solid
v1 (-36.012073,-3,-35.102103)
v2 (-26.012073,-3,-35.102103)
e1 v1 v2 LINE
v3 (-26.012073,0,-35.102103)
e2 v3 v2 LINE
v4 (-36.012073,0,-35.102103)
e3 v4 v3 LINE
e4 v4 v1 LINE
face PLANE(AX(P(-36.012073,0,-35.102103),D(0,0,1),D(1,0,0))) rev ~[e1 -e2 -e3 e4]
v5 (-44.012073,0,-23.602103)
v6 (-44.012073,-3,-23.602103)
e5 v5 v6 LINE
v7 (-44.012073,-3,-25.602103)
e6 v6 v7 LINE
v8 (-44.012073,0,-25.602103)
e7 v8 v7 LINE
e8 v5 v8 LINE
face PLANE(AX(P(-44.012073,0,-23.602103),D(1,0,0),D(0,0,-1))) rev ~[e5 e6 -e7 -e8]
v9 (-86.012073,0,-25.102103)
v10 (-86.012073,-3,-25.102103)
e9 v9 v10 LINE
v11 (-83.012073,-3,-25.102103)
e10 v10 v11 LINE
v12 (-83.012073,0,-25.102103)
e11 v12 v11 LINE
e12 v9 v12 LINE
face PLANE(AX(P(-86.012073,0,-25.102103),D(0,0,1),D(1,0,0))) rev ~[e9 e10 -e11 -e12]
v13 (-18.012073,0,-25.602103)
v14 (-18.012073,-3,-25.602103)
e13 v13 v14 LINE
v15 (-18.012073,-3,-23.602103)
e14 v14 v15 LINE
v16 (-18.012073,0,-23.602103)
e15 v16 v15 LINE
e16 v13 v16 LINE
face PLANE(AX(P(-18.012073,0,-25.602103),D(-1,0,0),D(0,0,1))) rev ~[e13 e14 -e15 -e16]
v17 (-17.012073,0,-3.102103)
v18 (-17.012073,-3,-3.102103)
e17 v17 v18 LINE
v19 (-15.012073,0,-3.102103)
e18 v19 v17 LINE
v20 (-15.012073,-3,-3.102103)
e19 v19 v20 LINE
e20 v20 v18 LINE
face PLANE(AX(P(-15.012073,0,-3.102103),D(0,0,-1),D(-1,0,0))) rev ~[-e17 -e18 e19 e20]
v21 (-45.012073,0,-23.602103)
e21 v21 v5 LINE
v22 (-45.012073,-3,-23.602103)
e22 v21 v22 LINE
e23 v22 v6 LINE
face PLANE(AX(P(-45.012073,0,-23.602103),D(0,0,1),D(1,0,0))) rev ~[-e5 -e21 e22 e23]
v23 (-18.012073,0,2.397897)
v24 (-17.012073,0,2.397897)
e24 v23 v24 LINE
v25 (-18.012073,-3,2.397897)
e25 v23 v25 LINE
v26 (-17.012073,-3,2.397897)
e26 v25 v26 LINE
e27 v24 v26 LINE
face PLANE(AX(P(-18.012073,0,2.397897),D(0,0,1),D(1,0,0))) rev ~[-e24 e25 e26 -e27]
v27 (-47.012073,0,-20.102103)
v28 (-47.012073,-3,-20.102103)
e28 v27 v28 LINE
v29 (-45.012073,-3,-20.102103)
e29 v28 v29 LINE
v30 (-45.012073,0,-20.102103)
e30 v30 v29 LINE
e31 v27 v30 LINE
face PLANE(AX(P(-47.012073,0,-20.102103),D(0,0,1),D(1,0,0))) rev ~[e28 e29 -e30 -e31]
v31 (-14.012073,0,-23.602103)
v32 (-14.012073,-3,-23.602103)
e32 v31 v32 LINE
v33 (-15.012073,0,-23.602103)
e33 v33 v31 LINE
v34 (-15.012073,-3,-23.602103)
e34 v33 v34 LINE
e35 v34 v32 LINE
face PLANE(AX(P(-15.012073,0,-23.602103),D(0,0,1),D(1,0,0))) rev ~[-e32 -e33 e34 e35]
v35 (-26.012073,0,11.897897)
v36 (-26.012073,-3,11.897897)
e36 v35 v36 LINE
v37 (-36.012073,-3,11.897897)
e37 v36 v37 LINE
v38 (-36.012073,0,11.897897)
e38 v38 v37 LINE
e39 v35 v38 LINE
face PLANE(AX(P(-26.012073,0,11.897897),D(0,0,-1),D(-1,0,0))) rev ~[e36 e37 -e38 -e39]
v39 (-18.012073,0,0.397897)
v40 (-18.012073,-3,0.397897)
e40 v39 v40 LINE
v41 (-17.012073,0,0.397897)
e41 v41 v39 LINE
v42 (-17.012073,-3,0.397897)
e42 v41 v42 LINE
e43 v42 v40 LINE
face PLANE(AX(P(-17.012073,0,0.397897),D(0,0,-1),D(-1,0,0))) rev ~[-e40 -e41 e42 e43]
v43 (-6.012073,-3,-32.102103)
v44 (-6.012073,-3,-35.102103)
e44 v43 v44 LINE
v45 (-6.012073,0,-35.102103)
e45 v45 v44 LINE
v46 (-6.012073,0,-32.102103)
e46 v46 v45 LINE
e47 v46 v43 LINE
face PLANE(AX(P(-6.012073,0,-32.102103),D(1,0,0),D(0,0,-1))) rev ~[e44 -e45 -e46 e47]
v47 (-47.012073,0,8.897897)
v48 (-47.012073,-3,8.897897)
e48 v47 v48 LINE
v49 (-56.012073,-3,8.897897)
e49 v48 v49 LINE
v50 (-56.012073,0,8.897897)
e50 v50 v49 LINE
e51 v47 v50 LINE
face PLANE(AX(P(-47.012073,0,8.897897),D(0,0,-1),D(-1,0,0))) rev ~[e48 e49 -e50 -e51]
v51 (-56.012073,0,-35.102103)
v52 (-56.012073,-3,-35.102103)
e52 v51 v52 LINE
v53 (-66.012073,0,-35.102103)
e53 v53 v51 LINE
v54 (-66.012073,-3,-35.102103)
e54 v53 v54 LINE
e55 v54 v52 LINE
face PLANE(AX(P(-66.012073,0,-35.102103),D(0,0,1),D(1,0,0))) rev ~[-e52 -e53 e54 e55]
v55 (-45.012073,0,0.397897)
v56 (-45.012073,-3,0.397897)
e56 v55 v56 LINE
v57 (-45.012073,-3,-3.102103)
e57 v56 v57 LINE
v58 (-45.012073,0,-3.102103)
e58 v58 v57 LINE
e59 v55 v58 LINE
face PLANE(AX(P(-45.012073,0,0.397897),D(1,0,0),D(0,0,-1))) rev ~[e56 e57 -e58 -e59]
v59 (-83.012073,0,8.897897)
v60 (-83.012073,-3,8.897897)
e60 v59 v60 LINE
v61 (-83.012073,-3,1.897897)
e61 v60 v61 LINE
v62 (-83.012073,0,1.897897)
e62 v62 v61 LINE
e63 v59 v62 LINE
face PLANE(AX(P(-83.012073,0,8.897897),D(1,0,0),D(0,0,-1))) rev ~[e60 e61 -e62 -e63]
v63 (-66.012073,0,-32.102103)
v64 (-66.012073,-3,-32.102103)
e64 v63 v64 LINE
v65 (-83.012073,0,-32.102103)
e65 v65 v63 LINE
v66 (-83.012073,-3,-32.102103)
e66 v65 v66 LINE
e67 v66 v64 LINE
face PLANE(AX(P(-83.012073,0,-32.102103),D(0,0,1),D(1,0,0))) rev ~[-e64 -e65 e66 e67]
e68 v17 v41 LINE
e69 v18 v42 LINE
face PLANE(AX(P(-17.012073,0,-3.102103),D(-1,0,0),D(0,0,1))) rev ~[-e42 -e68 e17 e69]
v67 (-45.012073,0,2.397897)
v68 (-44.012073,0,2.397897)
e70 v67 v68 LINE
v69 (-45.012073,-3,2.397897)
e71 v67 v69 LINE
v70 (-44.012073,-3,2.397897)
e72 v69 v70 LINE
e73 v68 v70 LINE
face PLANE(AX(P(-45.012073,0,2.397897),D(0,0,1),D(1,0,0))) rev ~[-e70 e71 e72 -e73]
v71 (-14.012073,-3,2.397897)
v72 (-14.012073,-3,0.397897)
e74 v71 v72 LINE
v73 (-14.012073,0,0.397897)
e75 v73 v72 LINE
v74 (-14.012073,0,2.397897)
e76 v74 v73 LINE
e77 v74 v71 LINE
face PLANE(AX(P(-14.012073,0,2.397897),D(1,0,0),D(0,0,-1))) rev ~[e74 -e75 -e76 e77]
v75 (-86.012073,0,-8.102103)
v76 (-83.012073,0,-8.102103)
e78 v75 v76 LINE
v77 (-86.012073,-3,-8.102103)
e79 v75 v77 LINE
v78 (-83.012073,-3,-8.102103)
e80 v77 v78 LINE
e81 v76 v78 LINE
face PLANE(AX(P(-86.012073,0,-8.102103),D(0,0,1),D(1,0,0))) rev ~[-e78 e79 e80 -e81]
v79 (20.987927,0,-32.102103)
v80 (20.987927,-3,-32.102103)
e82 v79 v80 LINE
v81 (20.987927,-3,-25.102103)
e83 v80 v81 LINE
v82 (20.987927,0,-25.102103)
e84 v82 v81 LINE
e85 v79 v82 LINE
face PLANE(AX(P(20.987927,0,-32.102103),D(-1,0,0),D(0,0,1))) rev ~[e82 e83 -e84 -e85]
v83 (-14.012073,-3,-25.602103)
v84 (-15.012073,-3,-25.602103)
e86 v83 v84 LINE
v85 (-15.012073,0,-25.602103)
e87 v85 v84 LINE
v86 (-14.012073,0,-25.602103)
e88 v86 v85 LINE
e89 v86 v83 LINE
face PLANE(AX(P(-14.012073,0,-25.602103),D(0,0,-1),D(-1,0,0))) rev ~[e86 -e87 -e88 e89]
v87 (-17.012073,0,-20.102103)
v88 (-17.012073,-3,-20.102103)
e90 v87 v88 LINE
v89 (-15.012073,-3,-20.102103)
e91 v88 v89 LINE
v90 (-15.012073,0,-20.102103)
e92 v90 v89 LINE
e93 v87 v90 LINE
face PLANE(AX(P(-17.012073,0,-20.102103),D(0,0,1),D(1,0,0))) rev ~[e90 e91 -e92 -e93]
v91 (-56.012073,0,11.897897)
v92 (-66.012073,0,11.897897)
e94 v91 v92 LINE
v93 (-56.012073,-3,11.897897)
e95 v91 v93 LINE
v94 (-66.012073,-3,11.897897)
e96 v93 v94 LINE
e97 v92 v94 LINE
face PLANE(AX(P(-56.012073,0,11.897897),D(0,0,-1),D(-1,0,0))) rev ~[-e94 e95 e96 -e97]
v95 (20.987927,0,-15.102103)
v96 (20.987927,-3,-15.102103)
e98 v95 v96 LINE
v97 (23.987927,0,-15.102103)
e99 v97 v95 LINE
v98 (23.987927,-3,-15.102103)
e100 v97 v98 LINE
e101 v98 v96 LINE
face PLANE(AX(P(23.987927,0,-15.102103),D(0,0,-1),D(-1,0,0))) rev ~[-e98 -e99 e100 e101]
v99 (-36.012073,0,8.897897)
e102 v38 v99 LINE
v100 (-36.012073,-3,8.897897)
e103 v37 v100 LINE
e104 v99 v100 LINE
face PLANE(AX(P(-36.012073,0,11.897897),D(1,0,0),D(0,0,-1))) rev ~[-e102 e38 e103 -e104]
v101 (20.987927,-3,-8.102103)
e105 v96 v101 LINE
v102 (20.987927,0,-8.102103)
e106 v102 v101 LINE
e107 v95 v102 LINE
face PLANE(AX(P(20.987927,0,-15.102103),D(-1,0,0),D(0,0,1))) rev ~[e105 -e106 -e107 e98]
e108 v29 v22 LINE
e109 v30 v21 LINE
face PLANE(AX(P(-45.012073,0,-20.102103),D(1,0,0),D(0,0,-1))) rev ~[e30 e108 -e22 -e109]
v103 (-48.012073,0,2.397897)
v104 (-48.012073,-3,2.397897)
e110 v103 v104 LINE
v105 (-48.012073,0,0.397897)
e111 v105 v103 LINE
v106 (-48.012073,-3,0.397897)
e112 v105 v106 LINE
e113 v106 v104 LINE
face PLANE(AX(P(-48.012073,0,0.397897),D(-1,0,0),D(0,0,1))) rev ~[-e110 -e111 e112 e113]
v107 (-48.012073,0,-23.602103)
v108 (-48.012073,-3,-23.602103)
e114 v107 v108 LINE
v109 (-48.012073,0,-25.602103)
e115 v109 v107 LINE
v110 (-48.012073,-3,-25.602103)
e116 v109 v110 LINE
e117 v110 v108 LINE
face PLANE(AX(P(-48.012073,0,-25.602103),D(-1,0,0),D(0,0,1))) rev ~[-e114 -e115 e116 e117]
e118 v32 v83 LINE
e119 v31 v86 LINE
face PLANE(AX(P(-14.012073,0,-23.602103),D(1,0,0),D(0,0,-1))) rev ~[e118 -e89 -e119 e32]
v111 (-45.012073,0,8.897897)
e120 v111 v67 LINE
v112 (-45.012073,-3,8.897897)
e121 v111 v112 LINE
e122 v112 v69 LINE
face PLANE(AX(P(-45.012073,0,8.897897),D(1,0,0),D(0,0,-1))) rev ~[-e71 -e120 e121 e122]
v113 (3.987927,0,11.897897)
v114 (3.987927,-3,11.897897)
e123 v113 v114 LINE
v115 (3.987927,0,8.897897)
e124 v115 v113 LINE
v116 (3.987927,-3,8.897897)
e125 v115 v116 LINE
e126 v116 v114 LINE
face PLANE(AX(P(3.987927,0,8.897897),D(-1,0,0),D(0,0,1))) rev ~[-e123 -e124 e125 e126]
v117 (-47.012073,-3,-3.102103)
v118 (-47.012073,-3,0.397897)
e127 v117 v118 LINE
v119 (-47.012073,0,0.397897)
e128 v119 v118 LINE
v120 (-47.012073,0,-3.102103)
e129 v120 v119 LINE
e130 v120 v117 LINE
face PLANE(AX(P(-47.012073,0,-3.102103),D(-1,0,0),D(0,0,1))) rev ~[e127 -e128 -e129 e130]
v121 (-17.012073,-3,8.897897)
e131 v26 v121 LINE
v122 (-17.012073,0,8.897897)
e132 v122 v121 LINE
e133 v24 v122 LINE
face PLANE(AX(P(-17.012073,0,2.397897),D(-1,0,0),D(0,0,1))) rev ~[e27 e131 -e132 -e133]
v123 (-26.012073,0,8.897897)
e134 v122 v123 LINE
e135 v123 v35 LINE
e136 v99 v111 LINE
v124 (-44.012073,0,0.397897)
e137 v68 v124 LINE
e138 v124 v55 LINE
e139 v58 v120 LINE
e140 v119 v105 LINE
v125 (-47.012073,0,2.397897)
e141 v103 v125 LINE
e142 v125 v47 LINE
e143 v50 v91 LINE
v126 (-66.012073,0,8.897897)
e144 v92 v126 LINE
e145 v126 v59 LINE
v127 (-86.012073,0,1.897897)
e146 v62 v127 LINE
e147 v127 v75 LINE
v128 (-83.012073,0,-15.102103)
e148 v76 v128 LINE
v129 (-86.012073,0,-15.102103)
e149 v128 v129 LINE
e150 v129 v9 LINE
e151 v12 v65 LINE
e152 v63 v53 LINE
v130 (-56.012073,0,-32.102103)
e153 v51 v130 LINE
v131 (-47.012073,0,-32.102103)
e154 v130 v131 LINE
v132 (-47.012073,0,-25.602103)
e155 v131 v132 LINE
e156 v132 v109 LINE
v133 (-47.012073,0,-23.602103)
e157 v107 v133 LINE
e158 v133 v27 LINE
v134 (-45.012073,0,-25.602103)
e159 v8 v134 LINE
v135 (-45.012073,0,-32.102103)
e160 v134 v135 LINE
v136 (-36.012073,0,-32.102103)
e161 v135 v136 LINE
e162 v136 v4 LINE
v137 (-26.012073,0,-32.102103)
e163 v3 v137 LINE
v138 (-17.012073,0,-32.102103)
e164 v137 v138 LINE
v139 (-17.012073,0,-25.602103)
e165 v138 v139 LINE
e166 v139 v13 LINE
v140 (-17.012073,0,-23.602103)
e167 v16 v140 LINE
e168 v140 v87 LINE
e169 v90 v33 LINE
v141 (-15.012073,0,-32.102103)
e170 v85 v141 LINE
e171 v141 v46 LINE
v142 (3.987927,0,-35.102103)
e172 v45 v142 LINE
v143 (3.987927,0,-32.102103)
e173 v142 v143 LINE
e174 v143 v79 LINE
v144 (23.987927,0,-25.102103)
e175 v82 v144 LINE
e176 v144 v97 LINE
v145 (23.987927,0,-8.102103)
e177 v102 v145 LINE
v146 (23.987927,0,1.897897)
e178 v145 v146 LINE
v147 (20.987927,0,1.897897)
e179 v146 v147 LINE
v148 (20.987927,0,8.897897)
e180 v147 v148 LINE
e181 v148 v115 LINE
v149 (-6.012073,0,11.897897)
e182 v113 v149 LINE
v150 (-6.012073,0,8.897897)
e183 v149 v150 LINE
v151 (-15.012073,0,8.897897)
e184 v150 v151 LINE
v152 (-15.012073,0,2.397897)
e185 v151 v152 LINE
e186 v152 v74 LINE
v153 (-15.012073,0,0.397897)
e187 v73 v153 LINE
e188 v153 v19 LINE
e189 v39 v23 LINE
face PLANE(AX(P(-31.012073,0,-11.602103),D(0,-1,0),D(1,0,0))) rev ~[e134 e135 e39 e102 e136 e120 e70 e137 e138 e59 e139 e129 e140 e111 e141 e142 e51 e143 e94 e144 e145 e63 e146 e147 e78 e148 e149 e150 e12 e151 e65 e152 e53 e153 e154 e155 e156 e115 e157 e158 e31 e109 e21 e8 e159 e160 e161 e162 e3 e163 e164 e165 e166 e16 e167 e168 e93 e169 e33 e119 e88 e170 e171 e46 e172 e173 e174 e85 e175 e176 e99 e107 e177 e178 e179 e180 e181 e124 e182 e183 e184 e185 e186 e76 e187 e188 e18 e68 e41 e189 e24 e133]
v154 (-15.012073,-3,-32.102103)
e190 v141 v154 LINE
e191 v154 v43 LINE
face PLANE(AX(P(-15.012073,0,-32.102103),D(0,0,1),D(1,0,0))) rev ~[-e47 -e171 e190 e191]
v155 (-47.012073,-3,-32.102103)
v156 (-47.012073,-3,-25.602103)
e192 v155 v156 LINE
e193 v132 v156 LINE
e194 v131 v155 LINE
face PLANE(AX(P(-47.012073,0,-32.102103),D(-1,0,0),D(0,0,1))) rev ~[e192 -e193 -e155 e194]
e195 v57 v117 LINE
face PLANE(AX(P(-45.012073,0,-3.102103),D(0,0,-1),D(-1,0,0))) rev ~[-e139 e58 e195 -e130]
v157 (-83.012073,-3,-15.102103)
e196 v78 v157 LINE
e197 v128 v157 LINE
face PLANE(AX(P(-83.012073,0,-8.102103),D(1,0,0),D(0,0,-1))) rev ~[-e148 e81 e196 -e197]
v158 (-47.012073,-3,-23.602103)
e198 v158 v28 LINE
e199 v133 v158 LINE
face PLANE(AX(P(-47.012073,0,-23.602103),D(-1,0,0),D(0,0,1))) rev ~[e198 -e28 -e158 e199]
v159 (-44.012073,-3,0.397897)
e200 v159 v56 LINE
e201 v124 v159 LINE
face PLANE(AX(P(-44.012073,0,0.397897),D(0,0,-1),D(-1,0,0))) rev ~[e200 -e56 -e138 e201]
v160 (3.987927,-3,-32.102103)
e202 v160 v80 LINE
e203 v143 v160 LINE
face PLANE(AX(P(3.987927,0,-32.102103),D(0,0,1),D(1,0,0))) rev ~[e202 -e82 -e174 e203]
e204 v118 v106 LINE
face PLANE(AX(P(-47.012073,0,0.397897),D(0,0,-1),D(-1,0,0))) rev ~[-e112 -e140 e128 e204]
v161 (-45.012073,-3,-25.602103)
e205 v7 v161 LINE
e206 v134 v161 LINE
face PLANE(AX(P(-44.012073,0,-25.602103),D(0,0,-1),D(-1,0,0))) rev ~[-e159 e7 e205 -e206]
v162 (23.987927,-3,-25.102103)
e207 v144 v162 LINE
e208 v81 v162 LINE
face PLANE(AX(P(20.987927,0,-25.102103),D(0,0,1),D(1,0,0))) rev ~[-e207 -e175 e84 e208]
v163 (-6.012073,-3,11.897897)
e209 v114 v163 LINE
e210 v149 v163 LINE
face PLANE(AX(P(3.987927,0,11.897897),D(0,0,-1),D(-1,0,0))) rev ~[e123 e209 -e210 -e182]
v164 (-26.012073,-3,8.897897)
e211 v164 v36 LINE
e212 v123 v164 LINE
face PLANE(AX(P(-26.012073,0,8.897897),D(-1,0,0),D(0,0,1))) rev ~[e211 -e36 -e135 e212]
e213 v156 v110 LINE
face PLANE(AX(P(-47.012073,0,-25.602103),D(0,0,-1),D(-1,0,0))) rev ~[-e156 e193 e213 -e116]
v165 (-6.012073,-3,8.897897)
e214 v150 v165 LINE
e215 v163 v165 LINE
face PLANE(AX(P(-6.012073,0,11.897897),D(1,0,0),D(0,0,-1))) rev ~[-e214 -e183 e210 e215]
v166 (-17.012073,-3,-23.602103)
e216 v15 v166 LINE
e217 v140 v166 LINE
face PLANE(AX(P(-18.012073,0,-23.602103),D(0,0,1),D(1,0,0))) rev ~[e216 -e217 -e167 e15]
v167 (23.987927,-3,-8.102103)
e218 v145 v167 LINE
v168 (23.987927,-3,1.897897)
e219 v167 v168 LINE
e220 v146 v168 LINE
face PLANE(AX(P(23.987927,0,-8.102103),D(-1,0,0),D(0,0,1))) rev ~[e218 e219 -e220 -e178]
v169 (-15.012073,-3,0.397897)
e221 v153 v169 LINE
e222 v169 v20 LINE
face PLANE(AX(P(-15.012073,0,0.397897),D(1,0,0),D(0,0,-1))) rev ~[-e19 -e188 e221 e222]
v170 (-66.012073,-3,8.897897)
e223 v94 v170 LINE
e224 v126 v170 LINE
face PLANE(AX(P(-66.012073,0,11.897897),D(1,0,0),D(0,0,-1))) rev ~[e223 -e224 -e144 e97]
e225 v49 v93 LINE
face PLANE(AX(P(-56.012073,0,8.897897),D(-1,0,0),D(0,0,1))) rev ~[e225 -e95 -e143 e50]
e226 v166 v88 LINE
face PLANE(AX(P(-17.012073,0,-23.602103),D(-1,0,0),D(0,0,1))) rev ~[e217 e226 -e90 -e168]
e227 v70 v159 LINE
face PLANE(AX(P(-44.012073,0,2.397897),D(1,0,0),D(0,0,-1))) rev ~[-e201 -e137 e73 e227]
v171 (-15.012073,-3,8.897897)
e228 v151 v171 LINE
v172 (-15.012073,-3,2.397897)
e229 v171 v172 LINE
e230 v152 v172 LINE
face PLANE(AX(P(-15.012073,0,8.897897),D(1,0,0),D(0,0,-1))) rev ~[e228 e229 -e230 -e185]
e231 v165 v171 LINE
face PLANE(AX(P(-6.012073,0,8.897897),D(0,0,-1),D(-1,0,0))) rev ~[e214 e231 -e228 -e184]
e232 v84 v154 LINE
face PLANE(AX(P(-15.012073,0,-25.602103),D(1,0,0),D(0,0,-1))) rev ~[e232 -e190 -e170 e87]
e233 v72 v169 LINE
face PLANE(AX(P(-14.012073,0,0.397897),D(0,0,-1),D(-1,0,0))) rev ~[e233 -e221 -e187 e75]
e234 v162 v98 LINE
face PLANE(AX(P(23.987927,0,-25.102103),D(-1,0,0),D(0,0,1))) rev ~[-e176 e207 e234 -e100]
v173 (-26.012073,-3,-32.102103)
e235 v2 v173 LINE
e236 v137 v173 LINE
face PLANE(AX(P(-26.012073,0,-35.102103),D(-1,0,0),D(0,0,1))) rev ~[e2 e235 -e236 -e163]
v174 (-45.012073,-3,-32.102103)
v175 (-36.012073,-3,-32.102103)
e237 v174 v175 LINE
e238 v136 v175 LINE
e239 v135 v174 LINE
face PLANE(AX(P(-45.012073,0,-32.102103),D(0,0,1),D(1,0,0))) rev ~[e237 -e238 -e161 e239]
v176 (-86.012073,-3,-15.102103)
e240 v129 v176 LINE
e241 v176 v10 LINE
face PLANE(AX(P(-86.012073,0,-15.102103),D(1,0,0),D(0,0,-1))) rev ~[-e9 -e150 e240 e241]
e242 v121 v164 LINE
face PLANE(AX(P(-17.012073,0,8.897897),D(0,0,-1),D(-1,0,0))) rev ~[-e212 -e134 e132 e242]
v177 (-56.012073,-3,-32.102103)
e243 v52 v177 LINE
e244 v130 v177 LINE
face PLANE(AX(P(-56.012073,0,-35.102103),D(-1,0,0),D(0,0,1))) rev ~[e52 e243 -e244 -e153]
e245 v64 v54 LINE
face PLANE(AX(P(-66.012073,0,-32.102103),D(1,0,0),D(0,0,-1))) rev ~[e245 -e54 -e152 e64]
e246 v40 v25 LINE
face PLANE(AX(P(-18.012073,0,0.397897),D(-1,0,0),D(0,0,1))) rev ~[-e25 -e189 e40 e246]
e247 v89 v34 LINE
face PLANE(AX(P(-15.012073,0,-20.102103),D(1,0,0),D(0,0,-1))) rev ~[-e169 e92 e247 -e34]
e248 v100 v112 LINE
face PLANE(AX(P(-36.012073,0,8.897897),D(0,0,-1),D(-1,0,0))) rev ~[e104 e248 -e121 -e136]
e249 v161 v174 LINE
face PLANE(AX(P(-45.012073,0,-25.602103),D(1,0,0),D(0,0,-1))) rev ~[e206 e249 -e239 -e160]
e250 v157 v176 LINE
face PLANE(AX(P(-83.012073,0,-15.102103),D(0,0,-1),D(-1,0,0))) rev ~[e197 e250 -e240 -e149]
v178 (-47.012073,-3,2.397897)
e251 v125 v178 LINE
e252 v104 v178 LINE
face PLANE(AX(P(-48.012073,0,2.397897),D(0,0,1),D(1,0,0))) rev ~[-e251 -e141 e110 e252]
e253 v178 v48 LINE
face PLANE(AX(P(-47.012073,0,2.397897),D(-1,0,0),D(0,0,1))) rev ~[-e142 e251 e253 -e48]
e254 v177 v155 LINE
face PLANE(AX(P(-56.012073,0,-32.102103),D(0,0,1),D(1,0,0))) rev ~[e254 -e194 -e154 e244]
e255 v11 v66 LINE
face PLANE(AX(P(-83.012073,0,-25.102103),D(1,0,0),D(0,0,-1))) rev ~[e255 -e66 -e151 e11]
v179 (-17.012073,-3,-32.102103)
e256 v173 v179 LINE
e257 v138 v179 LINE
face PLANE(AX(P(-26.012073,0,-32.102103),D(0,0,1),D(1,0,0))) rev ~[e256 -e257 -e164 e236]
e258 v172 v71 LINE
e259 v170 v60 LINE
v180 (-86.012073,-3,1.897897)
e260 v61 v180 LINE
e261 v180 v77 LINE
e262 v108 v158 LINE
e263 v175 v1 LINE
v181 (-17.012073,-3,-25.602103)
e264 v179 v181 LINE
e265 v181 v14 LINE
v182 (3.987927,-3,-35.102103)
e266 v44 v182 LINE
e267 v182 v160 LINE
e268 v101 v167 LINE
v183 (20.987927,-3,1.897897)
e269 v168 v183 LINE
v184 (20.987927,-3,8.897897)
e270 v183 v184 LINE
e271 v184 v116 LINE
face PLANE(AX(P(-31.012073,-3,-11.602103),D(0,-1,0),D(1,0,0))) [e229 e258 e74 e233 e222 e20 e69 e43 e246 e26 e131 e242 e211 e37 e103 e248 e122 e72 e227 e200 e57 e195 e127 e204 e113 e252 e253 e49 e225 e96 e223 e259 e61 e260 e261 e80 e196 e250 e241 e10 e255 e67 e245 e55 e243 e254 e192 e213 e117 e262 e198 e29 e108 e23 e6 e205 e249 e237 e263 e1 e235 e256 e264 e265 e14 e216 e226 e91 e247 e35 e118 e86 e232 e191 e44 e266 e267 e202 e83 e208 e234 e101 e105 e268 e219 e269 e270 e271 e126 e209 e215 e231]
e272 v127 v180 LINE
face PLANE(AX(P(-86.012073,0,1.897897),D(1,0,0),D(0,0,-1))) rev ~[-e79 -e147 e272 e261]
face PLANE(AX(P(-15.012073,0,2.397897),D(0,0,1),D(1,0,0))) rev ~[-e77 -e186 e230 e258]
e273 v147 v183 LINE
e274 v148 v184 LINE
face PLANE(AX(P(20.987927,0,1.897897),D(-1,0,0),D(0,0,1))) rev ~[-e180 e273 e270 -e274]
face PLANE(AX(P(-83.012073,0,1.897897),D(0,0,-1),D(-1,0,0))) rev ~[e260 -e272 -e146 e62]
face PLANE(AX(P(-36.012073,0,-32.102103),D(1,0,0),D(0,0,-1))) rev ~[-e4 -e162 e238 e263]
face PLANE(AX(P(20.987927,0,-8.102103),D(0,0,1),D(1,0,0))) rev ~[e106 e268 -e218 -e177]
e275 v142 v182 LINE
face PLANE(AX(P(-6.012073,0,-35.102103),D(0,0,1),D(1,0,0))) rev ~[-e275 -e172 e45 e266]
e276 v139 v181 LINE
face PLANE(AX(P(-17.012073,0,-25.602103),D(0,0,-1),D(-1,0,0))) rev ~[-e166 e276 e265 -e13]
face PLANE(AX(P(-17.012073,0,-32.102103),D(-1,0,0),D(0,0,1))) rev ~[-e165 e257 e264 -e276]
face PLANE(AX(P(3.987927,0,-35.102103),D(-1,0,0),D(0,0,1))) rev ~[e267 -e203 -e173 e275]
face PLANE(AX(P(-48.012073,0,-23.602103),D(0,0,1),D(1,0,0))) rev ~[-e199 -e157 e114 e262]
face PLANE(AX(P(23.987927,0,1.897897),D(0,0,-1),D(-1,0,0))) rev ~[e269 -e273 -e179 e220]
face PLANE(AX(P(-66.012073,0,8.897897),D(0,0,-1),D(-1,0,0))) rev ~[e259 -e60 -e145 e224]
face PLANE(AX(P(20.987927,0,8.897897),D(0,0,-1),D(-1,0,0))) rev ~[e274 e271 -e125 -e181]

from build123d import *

# Parameters (mm, degrees)
F1_DEPTH = 3


with BuildPart() as f1:
    # F0 (on Front) → F1 (new body)
    with BuildSketch(Plane.XZ):
        Polygon((-47.012073, 8.897897), (-56.012073, 8.897897), (-56.012073, 11.897897), (-66.012073, 11.897897), (-66.012073, 8.897897), (-83.012073, 8.897897), (-83.012073, 1.897897), (-86.012073, 1.897897), (-86.012073, -8.102103), (-83.012073, -8.102103), (-83.012073, -11.602103), (-83.012073, -15.102103), (-86.012073, -15.102103), (-86.012073, -25.102103), (-83.012073, -25.102103), (-83.012073, -32.102103), (-66.012073, -32.102103), (-66.012073, -35.102103), (-56.012073, -35.102103), (-56.012073, -32.102103), (-47.012073, -32.102103), (-47.012073, -25.602103), (-48.012073, -25.602103), (-48.012073, -23.602103), (-47.012073, -23.602103), (-47.012073, -20.102103), (-45.012073, -20.102103), (-45.012073, -23.602103), (-44.012073, -23.602103), (-44.012073, -25.602103), (-45.012073, -25.602103), (-45.012073, -32.102103), (-36.012073, -32.102103), (-36.012073, -35.102103), (-31.012073, -35.102103), (-26.012073, -35.102103), (-26.012073, -32.102103), (-17.012073, -32.102103), (-17.012073, -25.602103), (-18.012073, -25.602103), (-18.012073, -23.602103), (-17.012073, -23.602103), (-17.012073, -20.102103), (-15.012073, -20.102103), (-15.012073, -23.602103), (-14.012073, -23.602103), (-14.012073, -25.602103), (-15.012073, -25.602103), (-15.012073, -32.102103), (-6.012073, -32.102103), (-6.012073, -35.102103), (3.987927, -35.102103), (3.987927, -32.102103), (20.987927, -32.102103), (20.987927, -25.102103), (23.987927, -25.102103), (23.987927, -15.102103), (20.987927, -15.102103), (20.987927, -11.602103), (20.987927, -8.102103), (23.987927, -8.102103), (23.987927, 1.897897), (20.987927, 1.897897), (20.987927, 8.897897), (3.987927, 8.897897), (3.987927, 11.897897), (-6.012073, 11.897897), (-6.012073, 8.897897), (-15.012073, 8.897897), (-15.012073, 2.397897), (-14.012073, 2.397897), (-14.012073, 0.397897), (-15.012073, 0.397897), (-15.012073, -3.102103), (-17.012073, -3.102103), (-17.012073, 0.397897), (-18.012073, 0.397897), (-18.012073, 2.397897), (-17.012073, 2.397897), (-17.012073, 8.897897), (-26.012073, 8.897897), (-26.012073, 11.897897), (-31.012073, 11.897897), (-36.012073, 11.897897), (-36.012073, 8.897897), (-45.012073, 8.897897), (-45.012073, 2.397897), (-44.012073, 2.397897), (-44.012073, 0.397897), (-45.012073, 0.397897), (-45.012073, -3.102103), (-47.012073, -3.102103), (-47.012073, 0.397897), (-48.012073, 0.397897), (-48.012073, 2.397897), (-47.012073, 2.397897), align=None)
    extrude(amount=F1_DEPTH)


solid = f1.part
